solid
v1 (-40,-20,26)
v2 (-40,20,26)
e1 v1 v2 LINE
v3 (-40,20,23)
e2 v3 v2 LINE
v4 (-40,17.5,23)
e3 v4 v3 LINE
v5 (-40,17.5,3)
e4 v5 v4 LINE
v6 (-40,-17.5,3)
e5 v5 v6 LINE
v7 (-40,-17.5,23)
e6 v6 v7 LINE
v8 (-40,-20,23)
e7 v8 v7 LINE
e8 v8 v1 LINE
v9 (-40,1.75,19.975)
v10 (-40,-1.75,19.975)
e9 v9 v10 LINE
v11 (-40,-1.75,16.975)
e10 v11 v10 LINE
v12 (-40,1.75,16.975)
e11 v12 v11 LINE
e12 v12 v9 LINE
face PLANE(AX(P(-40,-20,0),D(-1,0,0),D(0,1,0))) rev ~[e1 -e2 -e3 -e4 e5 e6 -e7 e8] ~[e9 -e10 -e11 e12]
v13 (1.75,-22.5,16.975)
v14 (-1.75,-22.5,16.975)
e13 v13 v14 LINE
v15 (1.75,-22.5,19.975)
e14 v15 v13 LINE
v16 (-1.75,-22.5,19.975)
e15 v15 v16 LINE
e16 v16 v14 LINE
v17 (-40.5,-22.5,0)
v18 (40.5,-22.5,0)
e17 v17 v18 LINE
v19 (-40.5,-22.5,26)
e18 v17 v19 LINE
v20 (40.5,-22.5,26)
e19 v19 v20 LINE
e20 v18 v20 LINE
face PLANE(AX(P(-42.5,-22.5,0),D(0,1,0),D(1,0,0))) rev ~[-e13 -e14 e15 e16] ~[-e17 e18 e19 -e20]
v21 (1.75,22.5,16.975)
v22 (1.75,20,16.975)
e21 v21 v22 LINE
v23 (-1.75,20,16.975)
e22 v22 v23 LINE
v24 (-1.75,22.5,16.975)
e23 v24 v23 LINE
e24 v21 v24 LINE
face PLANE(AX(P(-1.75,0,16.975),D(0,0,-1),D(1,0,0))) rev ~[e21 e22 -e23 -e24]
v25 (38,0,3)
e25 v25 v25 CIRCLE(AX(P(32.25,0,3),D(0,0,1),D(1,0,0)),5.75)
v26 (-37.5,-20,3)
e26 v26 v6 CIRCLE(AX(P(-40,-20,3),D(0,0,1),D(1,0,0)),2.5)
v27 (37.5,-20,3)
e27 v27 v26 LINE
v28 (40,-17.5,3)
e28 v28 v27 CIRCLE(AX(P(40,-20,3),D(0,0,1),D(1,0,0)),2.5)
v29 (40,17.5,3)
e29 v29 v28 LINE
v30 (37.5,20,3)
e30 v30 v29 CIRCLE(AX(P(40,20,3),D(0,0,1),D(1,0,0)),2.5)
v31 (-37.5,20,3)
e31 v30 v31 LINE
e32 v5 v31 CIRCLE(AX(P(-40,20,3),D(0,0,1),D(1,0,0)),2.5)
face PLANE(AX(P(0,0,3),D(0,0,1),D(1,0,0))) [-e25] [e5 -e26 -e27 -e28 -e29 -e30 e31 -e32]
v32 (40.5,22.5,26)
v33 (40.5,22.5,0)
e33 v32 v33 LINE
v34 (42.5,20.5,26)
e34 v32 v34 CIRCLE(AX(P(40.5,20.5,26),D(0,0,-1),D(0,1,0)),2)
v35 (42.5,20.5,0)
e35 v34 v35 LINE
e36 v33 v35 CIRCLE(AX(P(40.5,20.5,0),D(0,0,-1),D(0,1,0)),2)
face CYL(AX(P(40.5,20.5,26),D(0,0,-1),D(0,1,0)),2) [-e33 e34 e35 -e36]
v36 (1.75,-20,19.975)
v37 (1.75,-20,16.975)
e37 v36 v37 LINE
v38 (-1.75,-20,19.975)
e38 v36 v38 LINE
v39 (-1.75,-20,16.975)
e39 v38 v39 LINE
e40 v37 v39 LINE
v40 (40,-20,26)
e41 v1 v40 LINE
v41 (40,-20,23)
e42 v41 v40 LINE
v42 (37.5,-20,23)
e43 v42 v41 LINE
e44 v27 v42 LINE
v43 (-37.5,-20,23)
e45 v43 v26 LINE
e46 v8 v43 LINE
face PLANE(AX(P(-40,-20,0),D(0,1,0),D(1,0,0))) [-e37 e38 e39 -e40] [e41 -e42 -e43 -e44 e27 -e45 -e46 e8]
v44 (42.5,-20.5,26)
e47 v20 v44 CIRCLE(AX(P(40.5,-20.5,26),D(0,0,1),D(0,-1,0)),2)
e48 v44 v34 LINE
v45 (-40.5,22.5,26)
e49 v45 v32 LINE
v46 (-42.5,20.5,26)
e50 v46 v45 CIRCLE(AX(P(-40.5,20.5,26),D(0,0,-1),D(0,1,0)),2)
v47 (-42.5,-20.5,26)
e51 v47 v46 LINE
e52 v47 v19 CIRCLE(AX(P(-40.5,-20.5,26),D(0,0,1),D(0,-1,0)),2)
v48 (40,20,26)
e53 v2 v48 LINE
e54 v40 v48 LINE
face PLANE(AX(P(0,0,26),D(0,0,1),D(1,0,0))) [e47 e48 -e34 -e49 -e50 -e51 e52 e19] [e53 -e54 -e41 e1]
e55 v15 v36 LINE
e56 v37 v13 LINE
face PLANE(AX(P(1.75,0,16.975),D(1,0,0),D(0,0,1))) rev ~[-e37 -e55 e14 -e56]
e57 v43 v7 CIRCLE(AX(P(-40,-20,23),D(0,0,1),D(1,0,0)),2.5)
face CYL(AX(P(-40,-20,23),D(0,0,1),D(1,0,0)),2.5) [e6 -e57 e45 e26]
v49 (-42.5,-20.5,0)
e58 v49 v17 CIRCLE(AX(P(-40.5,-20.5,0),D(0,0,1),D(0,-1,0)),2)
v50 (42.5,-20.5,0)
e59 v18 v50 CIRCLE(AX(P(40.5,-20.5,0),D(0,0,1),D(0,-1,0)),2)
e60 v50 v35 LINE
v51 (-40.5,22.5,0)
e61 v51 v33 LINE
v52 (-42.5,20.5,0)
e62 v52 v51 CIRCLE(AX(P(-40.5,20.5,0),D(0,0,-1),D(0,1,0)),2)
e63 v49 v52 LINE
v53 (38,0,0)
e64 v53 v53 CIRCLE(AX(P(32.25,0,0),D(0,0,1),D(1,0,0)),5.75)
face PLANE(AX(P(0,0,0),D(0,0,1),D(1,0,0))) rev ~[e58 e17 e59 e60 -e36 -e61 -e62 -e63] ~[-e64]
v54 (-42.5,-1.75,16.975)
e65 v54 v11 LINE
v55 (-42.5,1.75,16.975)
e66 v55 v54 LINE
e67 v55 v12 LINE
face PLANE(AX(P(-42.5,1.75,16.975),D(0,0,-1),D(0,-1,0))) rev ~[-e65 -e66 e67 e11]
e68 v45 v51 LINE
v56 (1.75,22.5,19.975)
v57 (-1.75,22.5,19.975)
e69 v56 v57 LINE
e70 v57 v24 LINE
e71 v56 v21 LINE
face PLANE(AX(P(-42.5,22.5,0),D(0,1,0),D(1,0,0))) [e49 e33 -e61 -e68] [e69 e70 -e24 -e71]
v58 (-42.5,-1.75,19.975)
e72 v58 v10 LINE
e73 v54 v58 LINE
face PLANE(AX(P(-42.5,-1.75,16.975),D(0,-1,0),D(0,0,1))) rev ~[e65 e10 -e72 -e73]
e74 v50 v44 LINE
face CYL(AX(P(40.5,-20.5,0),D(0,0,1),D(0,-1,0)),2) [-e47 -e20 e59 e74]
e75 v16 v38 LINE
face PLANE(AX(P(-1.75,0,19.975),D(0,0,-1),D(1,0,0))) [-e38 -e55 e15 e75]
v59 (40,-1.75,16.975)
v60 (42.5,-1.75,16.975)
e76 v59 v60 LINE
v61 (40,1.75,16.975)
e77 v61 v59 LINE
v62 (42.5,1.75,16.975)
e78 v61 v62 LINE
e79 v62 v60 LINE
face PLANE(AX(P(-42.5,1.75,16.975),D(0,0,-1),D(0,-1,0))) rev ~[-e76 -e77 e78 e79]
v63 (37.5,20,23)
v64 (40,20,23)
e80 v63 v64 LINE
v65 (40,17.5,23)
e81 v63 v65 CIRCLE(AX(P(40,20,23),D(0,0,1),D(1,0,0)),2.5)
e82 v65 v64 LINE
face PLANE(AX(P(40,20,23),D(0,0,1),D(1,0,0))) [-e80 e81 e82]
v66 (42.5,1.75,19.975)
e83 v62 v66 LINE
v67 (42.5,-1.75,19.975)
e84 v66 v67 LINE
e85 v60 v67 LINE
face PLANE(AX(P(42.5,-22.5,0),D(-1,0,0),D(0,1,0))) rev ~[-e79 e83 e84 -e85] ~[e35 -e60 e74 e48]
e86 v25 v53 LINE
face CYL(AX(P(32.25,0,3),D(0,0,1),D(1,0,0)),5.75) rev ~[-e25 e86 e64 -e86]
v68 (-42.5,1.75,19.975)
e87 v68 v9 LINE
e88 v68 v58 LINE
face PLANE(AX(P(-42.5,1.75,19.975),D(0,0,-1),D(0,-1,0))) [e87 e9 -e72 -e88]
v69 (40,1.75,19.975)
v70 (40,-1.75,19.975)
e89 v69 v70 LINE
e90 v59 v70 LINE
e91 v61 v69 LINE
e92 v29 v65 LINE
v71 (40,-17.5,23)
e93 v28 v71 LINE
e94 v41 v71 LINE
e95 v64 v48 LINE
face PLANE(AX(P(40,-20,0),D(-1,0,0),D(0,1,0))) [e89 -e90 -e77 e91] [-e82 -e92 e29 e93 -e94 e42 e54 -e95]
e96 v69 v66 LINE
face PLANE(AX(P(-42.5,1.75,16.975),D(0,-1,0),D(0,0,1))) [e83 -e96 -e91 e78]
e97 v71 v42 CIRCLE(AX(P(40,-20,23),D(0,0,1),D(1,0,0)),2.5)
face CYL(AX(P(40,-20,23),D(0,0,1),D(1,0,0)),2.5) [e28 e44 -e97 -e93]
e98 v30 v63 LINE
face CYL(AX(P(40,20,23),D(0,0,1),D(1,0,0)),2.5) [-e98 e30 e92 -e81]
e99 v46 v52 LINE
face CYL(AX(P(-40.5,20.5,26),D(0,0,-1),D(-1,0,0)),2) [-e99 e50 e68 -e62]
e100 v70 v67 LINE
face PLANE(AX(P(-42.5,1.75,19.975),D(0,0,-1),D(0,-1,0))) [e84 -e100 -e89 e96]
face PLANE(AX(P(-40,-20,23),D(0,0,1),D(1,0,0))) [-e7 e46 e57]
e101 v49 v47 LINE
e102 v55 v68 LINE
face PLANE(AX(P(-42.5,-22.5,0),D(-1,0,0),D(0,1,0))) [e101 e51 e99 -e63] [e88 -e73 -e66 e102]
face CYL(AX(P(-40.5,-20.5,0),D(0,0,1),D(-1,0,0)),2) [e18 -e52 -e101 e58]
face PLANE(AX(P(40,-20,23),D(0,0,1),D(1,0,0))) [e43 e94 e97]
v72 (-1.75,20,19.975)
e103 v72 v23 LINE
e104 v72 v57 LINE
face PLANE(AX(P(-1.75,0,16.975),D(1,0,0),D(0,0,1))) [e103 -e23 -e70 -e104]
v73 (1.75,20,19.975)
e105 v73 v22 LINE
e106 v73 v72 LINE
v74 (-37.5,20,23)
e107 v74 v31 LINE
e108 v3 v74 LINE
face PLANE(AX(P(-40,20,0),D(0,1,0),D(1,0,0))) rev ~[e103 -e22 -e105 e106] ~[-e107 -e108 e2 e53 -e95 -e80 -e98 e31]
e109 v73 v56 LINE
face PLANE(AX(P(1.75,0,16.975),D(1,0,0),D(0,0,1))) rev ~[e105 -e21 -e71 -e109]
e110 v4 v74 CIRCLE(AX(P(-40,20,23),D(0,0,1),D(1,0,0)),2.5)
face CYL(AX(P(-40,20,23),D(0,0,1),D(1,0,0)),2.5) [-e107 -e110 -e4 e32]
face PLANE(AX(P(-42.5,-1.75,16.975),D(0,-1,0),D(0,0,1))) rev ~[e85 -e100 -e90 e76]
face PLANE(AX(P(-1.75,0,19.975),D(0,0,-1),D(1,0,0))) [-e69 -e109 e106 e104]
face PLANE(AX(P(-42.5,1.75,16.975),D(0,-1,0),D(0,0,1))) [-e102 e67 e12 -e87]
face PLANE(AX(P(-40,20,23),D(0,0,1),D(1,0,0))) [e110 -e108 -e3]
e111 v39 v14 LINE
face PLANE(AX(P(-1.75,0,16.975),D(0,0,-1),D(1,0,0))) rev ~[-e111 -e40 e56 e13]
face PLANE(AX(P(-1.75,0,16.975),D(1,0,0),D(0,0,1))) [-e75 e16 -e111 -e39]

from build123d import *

# Parameters (mm, degrees)
F0_W      = 85
F0_H      = 45
F0_W_2    = 80
F0_H_2    = 40
F1_DEPTH  = 3
F2_DEPTH  = 26
F4_R      = 2.5
F5_DEPTH  = 20
F6_W      = 3.5
F6_H      = 3
F7_DEPTH  = 85.001
F8_W      = 3.5
F8_H      = 3
F9_DEPTH  = 30
F10_R     = 2
F11_R     = 5.75
F12_DEPTH = 3


with BuildPart() as f1:
    # F0 (on Top) → F1 (new body)
    with BuildSketch(Plane.XY):
        Rectangle(F0_W, F0_H)
        Rectangle(F0_W_2, F0_H_2, mode=Mode.SUBTRACT)
        Rectangle(F0_W_2, F0_H_2)
    extrude(amount=F1_DEPTH)

    # F0 (on Top) → F2 (join)
    with BuildSketch(Plane.XY):
        Rectangle(F0_W, F0_H)
        Rectangle(F0_W_2, F0_H_2, mode=Mode.SUBTRACT)
    extrude(amount=F2_DEPTH)

    # F4 (on offset) → F5 (join, through all)
    with BuildSketch(Plane.XY.offset(23)):
        with Locations((-40, 20)):
            Circle(F4_R)
        with Locations((40, 20)):
            Circle(F4_R)
        with Locations((40, -20)):
            Circle(F4_R)
        with Locations((-40, -20)):
            Circle(F4_R)
    extrude(amount=-F5_DEPTH)

    # F6 (on face) → F7 (cut, through all)
    with BuildSketch(Plane(origin=(-42.5, 0, 0), x_dir=(0, -1, 0), z_dir=(-1, 0, 0))):
        with Locations((0, 18.475)):
            Rectangle(F6_W, F6_H)
    extrude(amount=-F7_DEPTH, mode=Mode.SUBTRACT)

    # F8 (on Front) → F9 (cut, symmetric)
    with BuildSketch(Plane.XZ):
        with Locations((0, 18.475)):
            Rectangle(F8_W, F8_H)
    extrude(amount=F9_DEPTH, both=True, mode=Mode.SUBTRACT)

    # F10
    f10_edges = [f1.edges().sort_by_distance(p)[0] for p in [
        (-42.5, -22.5, 13),
        (42.5, -22.5, 13),
        (-42.5, 22.5, 13),
        (42.5, 22.5, 13),
    ]]
    fillet(f10_edges, radius=F10_R)

    # F11 (on face) → F12 (cut, through all)
    with BuildSketch(Plane.XY.offset(3)):
        with Locations((32.25, 0)):
            Circle(F11_R)
    extrude(amount=-F12_DEPTH, mode=Mode.SUBTRACT)


solid = f1.part
